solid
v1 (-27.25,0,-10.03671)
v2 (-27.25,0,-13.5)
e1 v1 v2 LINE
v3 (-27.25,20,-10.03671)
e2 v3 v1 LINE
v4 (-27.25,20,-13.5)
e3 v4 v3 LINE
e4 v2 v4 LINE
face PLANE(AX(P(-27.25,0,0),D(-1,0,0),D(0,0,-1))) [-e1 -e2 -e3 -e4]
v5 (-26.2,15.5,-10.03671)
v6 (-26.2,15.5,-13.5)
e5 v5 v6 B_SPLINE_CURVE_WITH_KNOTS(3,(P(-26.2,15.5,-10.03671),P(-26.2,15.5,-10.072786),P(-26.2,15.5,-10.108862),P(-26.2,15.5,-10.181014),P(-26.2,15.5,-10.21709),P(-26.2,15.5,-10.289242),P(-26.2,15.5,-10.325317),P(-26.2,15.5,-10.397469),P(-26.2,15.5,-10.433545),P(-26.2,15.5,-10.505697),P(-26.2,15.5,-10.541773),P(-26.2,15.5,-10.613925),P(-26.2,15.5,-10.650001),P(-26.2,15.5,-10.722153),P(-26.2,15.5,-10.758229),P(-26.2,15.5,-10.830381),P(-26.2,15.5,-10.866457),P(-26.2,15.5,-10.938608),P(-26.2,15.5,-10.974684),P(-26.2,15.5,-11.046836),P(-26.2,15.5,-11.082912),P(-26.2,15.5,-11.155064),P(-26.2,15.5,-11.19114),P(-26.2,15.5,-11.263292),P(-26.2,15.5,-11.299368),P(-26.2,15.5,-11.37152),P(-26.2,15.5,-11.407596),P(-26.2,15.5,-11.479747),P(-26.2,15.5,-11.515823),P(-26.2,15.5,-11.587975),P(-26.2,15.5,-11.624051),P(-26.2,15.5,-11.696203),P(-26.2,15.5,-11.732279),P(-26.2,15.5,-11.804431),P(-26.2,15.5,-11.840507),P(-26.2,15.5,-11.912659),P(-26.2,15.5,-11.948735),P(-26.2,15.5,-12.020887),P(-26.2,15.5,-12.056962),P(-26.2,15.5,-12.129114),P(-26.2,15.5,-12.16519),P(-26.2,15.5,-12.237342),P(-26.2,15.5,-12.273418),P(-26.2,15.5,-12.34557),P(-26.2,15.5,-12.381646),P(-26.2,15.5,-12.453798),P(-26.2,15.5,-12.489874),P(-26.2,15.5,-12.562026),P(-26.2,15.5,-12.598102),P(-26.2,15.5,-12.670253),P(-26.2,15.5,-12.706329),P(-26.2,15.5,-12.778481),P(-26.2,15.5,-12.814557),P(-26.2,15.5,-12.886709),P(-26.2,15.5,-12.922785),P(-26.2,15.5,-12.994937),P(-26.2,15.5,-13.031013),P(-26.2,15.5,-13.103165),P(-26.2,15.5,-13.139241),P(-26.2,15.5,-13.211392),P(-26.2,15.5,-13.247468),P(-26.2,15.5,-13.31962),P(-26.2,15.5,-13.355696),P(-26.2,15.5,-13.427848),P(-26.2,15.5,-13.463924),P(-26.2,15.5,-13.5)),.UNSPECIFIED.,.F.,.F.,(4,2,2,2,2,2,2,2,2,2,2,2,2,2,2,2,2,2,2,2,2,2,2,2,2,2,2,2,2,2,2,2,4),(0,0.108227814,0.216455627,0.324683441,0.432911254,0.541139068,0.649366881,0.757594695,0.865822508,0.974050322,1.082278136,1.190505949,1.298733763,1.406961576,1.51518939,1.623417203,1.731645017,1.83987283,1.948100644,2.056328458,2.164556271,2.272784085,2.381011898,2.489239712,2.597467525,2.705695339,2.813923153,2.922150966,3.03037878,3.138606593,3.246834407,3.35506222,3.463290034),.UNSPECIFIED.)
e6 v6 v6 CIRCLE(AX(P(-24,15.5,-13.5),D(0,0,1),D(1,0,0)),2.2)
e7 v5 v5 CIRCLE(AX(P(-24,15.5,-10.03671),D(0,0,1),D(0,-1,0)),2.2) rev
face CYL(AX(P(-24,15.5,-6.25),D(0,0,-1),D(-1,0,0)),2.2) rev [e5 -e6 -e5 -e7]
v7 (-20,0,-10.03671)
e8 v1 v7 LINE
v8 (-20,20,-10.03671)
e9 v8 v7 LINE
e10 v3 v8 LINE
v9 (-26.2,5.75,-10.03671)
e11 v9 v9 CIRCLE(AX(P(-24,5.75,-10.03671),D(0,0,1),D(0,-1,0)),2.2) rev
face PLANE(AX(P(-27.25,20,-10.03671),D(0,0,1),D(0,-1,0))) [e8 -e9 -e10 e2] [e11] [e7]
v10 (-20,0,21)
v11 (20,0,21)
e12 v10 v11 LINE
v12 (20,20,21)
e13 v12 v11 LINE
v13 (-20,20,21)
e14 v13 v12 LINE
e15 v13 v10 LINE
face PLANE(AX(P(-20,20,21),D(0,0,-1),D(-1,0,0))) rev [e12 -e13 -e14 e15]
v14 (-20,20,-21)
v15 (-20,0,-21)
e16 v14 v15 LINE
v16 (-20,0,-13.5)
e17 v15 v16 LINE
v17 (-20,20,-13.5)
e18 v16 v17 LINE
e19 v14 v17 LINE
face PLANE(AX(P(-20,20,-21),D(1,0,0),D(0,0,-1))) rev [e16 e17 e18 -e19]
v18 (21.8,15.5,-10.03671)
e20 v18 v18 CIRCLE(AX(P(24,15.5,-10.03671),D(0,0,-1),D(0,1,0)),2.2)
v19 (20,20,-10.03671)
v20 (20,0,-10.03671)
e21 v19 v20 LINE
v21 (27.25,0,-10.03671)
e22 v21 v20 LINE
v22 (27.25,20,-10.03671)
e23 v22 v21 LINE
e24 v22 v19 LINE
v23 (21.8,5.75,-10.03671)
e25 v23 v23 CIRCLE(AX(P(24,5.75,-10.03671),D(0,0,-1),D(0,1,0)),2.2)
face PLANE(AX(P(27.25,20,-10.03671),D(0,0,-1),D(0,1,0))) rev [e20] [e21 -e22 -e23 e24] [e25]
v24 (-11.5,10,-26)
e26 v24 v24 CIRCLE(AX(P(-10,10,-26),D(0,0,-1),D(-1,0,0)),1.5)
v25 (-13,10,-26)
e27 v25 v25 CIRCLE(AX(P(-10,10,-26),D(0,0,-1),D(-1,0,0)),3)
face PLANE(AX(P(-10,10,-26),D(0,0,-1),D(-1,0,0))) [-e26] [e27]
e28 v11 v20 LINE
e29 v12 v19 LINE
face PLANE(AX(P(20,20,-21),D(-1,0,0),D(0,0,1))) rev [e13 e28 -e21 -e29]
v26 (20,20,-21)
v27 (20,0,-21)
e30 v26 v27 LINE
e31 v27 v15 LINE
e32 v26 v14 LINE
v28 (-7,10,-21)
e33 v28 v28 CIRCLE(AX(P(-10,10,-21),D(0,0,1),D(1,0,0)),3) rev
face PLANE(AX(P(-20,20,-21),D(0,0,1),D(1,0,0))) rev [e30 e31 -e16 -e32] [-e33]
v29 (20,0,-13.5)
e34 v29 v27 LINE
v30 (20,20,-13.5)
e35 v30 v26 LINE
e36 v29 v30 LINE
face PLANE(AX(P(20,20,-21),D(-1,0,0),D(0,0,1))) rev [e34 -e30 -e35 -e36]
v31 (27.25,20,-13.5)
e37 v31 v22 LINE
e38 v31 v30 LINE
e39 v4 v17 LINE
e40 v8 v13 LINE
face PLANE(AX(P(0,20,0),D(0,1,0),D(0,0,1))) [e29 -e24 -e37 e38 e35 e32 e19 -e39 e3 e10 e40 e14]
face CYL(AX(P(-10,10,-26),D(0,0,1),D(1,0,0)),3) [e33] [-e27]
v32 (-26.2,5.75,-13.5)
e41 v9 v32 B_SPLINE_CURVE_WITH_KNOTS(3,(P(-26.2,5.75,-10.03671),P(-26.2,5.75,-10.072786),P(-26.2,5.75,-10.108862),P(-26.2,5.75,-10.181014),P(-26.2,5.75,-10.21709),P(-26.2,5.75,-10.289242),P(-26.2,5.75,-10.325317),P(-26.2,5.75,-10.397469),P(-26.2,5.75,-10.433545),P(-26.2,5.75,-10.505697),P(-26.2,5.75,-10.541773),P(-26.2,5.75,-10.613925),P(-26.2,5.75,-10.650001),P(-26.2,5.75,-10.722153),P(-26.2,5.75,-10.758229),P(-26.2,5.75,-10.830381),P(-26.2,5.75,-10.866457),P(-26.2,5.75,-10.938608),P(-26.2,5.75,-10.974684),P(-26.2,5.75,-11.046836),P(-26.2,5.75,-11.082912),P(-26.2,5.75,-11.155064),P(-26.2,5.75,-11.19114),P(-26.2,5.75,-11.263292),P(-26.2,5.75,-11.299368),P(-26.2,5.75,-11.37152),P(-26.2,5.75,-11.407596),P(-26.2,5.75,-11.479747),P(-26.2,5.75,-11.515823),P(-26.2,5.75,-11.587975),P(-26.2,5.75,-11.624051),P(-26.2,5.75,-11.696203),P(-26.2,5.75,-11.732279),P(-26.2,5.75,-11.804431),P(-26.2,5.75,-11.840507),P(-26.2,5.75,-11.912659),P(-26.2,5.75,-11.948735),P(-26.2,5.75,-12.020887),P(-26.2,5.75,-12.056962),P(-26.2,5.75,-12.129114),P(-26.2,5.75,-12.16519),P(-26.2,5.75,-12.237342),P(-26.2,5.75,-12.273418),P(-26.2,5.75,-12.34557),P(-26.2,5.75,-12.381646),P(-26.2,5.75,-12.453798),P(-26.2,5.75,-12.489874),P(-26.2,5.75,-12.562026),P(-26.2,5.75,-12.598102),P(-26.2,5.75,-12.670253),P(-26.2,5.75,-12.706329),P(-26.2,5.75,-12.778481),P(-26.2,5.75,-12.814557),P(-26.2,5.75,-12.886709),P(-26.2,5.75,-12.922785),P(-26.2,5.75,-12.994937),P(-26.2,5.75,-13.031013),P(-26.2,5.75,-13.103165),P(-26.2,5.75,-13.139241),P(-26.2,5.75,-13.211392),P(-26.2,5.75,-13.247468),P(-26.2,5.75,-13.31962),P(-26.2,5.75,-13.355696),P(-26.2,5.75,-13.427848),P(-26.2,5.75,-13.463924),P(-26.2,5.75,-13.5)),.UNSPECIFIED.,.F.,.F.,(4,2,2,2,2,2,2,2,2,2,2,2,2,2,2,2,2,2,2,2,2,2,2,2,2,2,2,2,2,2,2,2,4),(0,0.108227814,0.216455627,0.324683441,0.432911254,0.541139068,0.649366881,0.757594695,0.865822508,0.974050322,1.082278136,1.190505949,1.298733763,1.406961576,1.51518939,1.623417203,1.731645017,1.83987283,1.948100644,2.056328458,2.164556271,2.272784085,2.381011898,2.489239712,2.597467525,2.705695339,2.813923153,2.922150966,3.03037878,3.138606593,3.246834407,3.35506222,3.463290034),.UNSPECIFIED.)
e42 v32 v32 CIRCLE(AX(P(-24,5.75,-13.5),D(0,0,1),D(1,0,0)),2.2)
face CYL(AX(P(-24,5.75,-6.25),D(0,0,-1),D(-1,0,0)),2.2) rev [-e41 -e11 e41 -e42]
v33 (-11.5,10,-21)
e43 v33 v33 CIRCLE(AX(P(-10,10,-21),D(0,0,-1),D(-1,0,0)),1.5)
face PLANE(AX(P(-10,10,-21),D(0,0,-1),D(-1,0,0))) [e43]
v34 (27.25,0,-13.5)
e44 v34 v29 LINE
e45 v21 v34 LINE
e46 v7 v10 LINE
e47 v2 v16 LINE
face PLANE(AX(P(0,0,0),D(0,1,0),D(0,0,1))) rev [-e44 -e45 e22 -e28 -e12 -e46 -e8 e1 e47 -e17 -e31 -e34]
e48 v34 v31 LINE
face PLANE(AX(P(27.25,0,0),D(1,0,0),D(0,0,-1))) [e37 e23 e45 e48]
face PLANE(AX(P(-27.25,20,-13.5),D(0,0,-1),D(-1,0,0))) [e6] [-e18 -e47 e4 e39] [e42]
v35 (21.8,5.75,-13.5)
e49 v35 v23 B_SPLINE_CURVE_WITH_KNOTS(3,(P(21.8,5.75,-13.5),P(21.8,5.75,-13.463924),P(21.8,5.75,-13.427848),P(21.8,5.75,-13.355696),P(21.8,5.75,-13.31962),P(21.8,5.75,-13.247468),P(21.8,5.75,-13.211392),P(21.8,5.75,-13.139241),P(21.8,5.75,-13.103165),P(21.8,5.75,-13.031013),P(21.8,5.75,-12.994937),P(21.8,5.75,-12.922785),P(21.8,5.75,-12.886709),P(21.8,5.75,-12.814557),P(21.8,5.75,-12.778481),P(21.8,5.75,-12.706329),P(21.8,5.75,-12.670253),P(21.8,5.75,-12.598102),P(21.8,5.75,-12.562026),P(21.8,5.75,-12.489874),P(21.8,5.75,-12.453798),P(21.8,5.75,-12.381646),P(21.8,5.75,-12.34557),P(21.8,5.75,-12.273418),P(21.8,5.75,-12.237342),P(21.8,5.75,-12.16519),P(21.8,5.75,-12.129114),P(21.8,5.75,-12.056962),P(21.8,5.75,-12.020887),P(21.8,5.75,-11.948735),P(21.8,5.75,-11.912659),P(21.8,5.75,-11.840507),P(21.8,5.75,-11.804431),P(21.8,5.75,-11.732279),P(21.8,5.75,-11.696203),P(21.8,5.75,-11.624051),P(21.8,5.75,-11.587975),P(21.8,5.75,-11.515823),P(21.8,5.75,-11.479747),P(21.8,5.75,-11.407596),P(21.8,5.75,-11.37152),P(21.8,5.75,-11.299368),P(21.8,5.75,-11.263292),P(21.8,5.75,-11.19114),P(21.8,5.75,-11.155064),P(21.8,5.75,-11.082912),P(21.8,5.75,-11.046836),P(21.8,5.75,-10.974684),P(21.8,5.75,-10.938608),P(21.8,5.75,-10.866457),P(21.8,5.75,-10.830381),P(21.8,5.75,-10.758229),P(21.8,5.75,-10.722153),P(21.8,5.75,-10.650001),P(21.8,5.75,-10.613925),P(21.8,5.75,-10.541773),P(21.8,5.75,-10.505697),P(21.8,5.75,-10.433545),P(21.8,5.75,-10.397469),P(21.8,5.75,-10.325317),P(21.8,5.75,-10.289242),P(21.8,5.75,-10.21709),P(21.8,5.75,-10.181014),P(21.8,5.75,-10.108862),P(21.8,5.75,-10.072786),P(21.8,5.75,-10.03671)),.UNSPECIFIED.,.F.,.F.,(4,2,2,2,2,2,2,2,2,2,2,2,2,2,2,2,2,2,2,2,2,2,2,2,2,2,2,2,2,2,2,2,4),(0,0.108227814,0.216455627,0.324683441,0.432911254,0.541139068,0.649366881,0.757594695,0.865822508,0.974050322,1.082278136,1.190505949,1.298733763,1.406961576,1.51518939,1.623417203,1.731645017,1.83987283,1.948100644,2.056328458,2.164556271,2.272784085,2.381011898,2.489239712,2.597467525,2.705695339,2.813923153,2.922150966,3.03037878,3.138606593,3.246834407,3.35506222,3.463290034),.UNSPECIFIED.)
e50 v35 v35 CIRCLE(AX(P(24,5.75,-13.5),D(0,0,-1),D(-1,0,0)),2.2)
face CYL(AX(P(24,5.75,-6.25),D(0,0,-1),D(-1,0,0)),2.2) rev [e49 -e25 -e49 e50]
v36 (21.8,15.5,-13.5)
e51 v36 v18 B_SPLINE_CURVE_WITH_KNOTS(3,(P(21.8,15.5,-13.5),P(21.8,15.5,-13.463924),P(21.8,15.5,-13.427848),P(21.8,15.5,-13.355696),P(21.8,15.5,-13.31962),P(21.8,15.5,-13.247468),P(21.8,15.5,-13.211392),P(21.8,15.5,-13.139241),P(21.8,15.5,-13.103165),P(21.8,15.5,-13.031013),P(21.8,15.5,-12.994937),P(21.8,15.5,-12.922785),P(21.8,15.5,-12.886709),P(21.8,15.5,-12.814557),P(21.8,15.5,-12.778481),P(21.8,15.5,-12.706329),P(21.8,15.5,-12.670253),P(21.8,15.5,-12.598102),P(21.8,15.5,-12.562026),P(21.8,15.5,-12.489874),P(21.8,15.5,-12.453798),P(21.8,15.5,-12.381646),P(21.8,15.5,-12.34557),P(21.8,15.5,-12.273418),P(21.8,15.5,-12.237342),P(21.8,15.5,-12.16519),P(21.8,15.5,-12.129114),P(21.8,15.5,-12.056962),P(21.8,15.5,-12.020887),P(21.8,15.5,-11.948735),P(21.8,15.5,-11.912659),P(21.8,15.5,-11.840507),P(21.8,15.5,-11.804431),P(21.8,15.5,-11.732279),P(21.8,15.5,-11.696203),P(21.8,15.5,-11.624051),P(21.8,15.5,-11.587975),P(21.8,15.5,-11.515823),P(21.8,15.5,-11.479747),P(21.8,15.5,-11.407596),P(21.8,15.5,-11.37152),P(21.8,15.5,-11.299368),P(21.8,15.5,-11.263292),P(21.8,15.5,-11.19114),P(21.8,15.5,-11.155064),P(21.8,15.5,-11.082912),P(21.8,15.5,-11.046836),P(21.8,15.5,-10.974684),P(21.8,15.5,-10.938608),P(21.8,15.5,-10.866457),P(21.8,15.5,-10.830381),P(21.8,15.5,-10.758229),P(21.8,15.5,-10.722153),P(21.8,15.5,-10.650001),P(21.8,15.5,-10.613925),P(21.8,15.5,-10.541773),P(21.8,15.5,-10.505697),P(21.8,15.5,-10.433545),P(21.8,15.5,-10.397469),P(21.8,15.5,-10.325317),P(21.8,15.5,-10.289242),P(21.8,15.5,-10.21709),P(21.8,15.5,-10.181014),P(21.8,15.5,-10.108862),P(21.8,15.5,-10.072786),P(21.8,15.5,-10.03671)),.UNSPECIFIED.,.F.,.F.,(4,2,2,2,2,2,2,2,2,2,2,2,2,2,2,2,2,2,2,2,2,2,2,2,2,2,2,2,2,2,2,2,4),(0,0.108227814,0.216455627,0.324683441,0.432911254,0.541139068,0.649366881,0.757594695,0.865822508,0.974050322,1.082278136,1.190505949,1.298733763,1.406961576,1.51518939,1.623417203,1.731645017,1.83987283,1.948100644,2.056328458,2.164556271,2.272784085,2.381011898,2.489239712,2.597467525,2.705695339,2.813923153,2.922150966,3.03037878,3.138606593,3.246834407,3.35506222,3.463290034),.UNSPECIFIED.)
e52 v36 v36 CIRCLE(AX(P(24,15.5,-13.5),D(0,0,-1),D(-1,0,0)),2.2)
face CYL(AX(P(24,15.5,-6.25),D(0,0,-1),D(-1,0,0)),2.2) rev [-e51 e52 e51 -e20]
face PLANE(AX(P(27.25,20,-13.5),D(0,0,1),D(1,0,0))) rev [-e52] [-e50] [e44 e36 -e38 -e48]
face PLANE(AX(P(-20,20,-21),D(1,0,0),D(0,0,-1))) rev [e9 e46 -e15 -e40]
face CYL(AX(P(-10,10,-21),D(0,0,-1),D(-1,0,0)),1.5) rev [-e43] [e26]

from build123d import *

# Parameters (mm, degrees)
SKETCH_1_W          = 40
SKETCH_1_H          = 42
EXTRUDE_1_DEPTH     = 20
SKETCH_2_W          = 3.463290034
SKETCH_2_H          = 20
EXTRUDE_2_DEPTH     = 7.25
SKETCH_3_R          = 2.2
CUT_EXTRUDE_1_DEPTH = 7.25
SKETCH_4_R          = 3
EXTRUDE_3_DEPTH     = 5
SKETCH_5_R          = 1.5
CUT_EXTRUDE_2_DEPTH = 5


with BuildPart() as part:
    # Эскиз1 → Бобышка-Вытянуть1 (new body)
    with BuildSketch(Plane(origin=(0, 0, 0), x_dir=(1, 0, 0), z_dir=(0, 1, 0))):
        Rectangle(SKETCH_1_W, SKETCH_1_H)
    extrude(amount=EXTRUDE_1_DEPTH)

    # Эскиз2 → Бобышка-Вытянуть2 (add)
    with BuildSketch(Plane(origin=(20, 0, 0), x_dir=(0, 0, -1), z_dir=(1, 0, 0))):
        with Locations((11.768354983, 10)):
            Rectangle(SKETCH_2_W, SKETCH_2_H)
    extrude_2 = extrude(amount=EXTRUDE_2_DEPTH)

    # Эскиз3 → Вырез-Вытянуть1 (cut)
    with BuildSketch(Plane(origin=(0, 0, -13.5), x_dir=(-1, 0, 0), z_dir=(0, 0, -1))):
        with Locations((-24, 15.5)):
            Circle(SKETCH_3_R)
        with Locations((-24, 5.75)):
            Circle(SKETCH_3_R)
    cut_extrude_1 = extrude(amount=-CUT_EXTRUDE_1_DEPTH, mode=Mode.SUBTRACT)

    # Зеркальное отражение2: Бобышка-Вытянуть2, Вырез-Вытянуть1 across plane
    add(extrude_2.mirror(Plane.ZY))
    add(cut_extrude_1.mirror(Plane.ZY), mode=Mode.SUBTRACT)

    # Эскиз4 → Бобышка-Вытянуть3 (add)
    with BuildSketch(Plane(origin=(0, 0, -21), x_dir=(-1, 0, 0), z_dir=(0, 0, -1))):
        with Locations(Location((10, 10, 0), (0, 0, 180))):
            Circle(SKETCH_4_R)
    extrude(amount=EXTRUDE_3_DEPTH)

    # Эскиз5 → Вырез-Вытянуть2 (cut)
    with BuildSketch(Plane(origin=(0, 0, -26), x_dir=(-1, 0, 0), z_dir=(0, 0, -1))):
        with Locations((10, 10)):
            Circle(SKETCH_5_R)
    extrude(amount=-CUT_EXTRUDE_2_DEPTH, mode=Mode.SUBTRACT)


solid = part.part
